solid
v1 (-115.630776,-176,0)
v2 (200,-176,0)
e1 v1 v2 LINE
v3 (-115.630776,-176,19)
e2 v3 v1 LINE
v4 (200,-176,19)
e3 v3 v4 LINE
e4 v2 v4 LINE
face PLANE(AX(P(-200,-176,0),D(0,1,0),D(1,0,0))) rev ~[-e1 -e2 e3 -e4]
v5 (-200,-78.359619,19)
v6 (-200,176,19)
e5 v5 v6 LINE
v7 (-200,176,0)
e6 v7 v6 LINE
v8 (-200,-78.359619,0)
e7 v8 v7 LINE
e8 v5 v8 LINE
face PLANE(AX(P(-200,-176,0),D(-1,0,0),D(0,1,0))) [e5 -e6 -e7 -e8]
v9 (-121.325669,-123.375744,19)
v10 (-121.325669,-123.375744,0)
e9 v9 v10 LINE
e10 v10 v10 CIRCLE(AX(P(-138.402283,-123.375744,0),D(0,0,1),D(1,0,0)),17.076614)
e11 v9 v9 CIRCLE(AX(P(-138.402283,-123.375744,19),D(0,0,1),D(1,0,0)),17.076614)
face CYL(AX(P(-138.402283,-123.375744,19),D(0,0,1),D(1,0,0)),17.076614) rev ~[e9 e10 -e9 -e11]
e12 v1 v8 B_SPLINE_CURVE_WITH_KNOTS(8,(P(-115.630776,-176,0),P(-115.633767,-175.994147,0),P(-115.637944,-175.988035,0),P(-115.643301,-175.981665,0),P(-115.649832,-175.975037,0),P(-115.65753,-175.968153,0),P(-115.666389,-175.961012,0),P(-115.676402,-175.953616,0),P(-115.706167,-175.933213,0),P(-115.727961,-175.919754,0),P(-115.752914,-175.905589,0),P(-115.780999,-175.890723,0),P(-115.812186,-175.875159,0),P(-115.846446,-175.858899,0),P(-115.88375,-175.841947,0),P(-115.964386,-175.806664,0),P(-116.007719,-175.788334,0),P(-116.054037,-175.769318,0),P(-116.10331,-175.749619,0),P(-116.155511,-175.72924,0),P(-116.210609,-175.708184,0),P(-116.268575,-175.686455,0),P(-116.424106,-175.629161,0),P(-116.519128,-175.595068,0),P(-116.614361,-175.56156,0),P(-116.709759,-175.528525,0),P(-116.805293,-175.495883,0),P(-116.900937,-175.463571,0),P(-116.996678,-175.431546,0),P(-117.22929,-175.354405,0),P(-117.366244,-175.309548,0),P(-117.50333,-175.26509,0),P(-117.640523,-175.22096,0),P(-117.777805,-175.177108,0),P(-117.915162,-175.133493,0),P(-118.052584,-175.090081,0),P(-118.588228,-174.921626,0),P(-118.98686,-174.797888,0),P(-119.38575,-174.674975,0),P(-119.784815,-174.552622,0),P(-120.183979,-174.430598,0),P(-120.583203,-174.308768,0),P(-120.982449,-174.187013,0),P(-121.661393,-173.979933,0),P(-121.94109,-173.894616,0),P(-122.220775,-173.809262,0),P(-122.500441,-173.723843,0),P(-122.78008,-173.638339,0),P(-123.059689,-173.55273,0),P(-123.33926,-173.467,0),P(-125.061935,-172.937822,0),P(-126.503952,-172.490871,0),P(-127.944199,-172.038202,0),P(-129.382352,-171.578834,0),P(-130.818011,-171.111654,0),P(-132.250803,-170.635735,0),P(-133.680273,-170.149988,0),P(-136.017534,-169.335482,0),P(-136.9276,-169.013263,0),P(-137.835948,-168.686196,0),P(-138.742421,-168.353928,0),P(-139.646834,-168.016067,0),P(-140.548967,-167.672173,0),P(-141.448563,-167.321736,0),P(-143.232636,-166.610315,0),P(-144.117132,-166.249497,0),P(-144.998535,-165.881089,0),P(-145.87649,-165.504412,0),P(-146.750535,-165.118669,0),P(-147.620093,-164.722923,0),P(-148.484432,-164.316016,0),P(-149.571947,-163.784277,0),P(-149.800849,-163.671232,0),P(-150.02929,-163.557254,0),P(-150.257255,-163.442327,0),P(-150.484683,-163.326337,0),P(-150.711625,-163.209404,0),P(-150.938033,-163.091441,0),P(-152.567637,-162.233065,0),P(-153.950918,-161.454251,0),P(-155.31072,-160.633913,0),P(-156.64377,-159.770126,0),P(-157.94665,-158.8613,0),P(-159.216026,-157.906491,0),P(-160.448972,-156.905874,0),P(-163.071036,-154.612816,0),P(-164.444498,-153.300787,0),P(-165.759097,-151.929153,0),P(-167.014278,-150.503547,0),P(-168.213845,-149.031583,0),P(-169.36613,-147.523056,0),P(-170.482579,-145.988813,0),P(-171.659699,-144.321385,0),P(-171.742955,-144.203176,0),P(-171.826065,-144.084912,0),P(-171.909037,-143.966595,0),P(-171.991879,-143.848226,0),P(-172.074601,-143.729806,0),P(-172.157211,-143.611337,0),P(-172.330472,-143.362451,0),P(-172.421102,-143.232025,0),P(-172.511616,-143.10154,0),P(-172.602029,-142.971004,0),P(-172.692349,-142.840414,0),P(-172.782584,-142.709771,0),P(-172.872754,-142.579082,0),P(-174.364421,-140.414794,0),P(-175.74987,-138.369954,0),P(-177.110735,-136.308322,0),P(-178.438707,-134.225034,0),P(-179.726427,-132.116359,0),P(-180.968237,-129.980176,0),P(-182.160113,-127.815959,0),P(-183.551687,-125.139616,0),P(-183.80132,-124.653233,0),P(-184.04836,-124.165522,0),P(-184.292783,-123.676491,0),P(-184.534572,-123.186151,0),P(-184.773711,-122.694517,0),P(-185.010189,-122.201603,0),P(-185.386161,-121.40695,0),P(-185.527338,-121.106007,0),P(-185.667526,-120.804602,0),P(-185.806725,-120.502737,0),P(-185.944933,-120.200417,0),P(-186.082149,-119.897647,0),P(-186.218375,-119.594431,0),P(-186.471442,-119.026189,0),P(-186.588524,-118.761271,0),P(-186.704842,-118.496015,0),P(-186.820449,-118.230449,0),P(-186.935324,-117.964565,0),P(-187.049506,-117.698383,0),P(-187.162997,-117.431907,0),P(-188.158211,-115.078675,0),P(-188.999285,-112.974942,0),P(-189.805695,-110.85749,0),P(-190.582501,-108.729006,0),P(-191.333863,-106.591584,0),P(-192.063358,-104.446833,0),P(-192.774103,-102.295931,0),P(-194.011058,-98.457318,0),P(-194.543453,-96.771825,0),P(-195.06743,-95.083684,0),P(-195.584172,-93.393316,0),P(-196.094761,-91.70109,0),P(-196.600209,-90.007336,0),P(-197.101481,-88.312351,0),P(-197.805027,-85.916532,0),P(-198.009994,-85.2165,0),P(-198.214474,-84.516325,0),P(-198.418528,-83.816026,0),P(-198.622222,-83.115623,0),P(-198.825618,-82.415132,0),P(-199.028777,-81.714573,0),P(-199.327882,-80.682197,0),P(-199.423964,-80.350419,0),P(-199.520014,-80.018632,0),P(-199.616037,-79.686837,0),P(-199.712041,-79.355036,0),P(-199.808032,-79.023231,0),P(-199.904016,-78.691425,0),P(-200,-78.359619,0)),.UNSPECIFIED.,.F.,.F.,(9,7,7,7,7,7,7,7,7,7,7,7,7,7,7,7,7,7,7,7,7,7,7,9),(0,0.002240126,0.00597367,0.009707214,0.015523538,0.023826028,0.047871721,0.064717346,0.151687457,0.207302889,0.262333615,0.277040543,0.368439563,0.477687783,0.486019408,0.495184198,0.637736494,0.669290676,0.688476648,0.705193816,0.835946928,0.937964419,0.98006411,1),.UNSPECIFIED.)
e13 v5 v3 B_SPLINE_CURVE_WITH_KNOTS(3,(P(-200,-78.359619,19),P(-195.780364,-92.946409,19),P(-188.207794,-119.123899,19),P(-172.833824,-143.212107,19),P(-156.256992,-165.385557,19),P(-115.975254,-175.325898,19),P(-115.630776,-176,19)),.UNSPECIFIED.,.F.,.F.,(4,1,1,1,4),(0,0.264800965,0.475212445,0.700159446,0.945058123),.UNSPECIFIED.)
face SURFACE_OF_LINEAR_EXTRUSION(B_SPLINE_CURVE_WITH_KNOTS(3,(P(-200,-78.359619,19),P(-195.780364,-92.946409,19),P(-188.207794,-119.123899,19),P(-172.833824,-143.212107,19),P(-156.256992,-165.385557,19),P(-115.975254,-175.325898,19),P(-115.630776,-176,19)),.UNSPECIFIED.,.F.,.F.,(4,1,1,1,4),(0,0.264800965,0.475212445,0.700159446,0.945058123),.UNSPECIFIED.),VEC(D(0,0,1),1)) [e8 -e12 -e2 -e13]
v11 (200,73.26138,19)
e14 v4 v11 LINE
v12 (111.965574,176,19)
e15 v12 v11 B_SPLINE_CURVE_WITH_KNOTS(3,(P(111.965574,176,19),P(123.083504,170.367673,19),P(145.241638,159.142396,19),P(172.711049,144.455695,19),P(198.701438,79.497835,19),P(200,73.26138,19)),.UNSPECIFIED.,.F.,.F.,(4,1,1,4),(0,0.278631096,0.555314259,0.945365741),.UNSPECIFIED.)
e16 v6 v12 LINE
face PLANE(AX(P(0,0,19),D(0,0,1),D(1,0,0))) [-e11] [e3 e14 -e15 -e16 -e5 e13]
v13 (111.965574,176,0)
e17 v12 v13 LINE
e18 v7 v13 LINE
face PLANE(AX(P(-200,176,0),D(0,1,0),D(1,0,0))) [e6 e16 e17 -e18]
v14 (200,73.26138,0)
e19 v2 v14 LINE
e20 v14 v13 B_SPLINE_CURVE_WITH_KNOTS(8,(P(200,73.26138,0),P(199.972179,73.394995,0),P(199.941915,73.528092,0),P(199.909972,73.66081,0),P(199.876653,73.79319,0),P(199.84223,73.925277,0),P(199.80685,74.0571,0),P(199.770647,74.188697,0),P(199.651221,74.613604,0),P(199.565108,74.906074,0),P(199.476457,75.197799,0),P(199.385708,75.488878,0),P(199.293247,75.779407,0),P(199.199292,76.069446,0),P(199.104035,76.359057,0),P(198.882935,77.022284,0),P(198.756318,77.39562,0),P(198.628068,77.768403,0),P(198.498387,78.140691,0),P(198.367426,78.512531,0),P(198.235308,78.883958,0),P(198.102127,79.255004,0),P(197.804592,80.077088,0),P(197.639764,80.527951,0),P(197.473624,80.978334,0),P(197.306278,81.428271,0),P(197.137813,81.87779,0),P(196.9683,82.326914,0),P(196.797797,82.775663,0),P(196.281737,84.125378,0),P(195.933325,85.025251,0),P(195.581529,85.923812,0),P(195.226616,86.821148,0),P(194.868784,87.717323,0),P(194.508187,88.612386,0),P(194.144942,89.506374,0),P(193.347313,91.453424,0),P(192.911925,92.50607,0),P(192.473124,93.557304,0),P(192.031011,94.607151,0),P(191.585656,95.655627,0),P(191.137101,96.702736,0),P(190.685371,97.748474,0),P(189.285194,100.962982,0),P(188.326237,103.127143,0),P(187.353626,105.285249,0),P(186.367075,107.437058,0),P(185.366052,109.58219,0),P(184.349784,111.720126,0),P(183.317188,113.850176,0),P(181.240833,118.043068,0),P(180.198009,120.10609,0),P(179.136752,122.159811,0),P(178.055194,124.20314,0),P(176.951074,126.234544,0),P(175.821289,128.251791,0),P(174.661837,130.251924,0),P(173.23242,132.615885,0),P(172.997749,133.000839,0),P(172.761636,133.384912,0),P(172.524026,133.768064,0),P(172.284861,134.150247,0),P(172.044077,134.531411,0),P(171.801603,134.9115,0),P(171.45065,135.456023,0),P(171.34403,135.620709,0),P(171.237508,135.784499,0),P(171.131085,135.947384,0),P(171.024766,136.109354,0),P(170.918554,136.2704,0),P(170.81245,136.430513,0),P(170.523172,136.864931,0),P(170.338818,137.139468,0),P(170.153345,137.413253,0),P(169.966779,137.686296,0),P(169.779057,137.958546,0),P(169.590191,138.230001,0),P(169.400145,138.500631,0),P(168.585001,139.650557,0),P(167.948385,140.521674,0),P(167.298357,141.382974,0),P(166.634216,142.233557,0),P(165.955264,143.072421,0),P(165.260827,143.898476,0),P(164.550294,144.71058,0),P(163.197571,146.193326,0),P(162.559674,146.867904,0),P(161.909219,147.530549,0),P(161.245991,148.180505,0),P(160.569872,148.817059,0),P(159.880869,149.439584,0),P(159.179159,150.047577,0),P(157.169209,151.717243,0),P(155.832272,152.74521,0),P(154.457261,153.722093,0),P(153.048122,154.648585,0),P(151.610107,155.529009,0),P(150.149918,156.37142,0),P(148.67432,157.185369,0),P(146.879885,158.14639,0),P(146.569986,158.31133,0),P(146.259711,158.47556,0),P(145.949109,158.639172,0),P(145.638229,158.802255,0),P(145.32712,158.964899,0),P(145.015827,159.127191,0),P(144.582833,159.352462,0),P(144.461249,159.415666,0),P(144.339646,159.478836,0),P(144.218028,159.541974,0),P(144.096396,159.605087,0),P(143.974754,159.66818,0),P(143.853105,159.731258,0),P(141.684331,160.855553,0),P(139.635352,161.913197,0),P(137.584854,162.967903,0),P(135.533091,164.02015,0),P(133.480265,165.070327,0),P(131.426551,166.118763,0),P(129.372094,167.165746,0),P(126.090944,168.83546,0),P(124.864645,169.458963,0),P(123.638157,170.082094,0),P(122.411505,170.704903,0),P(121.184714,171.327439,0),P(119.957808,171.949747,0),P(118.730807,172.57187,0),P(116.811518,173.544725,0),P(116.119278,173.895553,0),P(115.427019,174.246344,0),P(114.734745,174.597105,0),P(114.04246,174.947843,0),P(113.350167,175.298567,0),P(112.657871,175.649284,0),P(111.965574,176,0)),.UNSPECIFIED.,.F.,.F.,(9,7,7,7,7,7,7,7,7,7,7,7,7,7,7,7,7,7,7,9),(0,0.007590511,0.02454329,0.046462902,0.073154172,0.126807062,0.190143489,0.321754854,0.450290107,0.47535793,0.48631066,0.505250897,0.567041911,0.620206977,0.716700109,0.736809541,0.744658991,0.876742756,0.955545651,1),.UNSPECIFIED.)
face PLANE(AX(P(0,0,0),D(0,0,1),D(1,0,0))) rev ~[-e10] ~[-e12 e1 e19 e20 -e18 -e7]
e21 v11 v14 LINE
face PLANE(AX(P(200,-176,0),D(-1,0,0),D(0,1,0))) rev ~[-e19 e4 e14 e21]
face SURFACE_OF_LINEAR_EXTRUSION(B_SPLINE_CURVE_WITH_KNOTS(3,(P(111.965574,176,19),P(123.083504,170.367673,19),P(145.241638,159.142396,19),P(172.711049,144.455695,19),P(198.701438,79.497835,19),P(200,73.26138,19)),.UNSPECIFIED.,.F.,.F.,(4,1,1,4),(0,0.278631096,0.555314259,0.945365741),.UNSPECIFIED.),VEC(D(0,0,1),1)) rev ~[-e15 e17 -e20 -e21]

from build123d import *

# Parameters (mm, degrees)
F0_W     = 400
F0_H     = 352
F1_DEPTH = 19
F3_DEPTH = 19.001
F4_R     = 17.0766139483
F5_DEPTH = 19.0010001


with BuildPart() as f1:
    # F0 (on Top) → F1 (new body)
    with BuildSketch(Plane.XY):
        Rectangle(F0_W, F0_H)
    extrude(amount=F1_DEPTH)

    # F2 (on face) → F3 (cut, through all)
    with BuildSketch(Plane.XY.offset(19)):
        with BuildLine():
            add(Edge.make_bspline(
                [(-200, -78.359618783), (-195.7803636721, -92.9464094347), (-188.2077942368, -119.1238987881), (-172.8338241624, -143.2121066887), (-156.2569923786, -165.3855569544), (-115.975253997, -175.3258984721), (-115.6307756901, -176)],
                knots=[0, 0, 0, 0, 0.2648009651, 0.4752124447, 0.7001594462, 0.9450581233, 0.9450581233, 0.9450581233, 0.9450581233], degree=3))
            Line((-200, -78.359618783), (-200, -176))
            Line((-200, -176), (-117.4777597189, -176))
            Line((-117.4777597189, -176), (-115.6307756901, -176))
        make_face()
        with BuildLine():
            Line((200, 176), (111.9655743241, 176))
            add(Edge.make_bspline(
                [(111.9655743241, 176), (123.0835042522, 170.3676733426), (145.2416377316, 159.1423960938), (172.7110494727, 144.455694766), (198.7014382707, 79.4978346928), (200, 73.2613801956)],
                knots=[0, 0, 0, 0, 0.2786310963, 0.5553142594, 0.9453657408, 0.9453657408, 0.9453657408, 0.9453657408], degree=3))
            Line((200, 73.2613801956), (200, 176))
        make_face()
    extrude(amount=-F3_DEPTH, mode=Mode.SUBTRACT)

    # F4 (on face) → F5 (cut, through all)
    with BuildSketch(Plane.XY.offset(19)):
        with Locations((-138.4022831917, -123.3757436275)):
            Circle(F4_R)
    extrude(amount=-F5_DEPTH, mode=Mode.SUBTRACT)


solid = f1.part
